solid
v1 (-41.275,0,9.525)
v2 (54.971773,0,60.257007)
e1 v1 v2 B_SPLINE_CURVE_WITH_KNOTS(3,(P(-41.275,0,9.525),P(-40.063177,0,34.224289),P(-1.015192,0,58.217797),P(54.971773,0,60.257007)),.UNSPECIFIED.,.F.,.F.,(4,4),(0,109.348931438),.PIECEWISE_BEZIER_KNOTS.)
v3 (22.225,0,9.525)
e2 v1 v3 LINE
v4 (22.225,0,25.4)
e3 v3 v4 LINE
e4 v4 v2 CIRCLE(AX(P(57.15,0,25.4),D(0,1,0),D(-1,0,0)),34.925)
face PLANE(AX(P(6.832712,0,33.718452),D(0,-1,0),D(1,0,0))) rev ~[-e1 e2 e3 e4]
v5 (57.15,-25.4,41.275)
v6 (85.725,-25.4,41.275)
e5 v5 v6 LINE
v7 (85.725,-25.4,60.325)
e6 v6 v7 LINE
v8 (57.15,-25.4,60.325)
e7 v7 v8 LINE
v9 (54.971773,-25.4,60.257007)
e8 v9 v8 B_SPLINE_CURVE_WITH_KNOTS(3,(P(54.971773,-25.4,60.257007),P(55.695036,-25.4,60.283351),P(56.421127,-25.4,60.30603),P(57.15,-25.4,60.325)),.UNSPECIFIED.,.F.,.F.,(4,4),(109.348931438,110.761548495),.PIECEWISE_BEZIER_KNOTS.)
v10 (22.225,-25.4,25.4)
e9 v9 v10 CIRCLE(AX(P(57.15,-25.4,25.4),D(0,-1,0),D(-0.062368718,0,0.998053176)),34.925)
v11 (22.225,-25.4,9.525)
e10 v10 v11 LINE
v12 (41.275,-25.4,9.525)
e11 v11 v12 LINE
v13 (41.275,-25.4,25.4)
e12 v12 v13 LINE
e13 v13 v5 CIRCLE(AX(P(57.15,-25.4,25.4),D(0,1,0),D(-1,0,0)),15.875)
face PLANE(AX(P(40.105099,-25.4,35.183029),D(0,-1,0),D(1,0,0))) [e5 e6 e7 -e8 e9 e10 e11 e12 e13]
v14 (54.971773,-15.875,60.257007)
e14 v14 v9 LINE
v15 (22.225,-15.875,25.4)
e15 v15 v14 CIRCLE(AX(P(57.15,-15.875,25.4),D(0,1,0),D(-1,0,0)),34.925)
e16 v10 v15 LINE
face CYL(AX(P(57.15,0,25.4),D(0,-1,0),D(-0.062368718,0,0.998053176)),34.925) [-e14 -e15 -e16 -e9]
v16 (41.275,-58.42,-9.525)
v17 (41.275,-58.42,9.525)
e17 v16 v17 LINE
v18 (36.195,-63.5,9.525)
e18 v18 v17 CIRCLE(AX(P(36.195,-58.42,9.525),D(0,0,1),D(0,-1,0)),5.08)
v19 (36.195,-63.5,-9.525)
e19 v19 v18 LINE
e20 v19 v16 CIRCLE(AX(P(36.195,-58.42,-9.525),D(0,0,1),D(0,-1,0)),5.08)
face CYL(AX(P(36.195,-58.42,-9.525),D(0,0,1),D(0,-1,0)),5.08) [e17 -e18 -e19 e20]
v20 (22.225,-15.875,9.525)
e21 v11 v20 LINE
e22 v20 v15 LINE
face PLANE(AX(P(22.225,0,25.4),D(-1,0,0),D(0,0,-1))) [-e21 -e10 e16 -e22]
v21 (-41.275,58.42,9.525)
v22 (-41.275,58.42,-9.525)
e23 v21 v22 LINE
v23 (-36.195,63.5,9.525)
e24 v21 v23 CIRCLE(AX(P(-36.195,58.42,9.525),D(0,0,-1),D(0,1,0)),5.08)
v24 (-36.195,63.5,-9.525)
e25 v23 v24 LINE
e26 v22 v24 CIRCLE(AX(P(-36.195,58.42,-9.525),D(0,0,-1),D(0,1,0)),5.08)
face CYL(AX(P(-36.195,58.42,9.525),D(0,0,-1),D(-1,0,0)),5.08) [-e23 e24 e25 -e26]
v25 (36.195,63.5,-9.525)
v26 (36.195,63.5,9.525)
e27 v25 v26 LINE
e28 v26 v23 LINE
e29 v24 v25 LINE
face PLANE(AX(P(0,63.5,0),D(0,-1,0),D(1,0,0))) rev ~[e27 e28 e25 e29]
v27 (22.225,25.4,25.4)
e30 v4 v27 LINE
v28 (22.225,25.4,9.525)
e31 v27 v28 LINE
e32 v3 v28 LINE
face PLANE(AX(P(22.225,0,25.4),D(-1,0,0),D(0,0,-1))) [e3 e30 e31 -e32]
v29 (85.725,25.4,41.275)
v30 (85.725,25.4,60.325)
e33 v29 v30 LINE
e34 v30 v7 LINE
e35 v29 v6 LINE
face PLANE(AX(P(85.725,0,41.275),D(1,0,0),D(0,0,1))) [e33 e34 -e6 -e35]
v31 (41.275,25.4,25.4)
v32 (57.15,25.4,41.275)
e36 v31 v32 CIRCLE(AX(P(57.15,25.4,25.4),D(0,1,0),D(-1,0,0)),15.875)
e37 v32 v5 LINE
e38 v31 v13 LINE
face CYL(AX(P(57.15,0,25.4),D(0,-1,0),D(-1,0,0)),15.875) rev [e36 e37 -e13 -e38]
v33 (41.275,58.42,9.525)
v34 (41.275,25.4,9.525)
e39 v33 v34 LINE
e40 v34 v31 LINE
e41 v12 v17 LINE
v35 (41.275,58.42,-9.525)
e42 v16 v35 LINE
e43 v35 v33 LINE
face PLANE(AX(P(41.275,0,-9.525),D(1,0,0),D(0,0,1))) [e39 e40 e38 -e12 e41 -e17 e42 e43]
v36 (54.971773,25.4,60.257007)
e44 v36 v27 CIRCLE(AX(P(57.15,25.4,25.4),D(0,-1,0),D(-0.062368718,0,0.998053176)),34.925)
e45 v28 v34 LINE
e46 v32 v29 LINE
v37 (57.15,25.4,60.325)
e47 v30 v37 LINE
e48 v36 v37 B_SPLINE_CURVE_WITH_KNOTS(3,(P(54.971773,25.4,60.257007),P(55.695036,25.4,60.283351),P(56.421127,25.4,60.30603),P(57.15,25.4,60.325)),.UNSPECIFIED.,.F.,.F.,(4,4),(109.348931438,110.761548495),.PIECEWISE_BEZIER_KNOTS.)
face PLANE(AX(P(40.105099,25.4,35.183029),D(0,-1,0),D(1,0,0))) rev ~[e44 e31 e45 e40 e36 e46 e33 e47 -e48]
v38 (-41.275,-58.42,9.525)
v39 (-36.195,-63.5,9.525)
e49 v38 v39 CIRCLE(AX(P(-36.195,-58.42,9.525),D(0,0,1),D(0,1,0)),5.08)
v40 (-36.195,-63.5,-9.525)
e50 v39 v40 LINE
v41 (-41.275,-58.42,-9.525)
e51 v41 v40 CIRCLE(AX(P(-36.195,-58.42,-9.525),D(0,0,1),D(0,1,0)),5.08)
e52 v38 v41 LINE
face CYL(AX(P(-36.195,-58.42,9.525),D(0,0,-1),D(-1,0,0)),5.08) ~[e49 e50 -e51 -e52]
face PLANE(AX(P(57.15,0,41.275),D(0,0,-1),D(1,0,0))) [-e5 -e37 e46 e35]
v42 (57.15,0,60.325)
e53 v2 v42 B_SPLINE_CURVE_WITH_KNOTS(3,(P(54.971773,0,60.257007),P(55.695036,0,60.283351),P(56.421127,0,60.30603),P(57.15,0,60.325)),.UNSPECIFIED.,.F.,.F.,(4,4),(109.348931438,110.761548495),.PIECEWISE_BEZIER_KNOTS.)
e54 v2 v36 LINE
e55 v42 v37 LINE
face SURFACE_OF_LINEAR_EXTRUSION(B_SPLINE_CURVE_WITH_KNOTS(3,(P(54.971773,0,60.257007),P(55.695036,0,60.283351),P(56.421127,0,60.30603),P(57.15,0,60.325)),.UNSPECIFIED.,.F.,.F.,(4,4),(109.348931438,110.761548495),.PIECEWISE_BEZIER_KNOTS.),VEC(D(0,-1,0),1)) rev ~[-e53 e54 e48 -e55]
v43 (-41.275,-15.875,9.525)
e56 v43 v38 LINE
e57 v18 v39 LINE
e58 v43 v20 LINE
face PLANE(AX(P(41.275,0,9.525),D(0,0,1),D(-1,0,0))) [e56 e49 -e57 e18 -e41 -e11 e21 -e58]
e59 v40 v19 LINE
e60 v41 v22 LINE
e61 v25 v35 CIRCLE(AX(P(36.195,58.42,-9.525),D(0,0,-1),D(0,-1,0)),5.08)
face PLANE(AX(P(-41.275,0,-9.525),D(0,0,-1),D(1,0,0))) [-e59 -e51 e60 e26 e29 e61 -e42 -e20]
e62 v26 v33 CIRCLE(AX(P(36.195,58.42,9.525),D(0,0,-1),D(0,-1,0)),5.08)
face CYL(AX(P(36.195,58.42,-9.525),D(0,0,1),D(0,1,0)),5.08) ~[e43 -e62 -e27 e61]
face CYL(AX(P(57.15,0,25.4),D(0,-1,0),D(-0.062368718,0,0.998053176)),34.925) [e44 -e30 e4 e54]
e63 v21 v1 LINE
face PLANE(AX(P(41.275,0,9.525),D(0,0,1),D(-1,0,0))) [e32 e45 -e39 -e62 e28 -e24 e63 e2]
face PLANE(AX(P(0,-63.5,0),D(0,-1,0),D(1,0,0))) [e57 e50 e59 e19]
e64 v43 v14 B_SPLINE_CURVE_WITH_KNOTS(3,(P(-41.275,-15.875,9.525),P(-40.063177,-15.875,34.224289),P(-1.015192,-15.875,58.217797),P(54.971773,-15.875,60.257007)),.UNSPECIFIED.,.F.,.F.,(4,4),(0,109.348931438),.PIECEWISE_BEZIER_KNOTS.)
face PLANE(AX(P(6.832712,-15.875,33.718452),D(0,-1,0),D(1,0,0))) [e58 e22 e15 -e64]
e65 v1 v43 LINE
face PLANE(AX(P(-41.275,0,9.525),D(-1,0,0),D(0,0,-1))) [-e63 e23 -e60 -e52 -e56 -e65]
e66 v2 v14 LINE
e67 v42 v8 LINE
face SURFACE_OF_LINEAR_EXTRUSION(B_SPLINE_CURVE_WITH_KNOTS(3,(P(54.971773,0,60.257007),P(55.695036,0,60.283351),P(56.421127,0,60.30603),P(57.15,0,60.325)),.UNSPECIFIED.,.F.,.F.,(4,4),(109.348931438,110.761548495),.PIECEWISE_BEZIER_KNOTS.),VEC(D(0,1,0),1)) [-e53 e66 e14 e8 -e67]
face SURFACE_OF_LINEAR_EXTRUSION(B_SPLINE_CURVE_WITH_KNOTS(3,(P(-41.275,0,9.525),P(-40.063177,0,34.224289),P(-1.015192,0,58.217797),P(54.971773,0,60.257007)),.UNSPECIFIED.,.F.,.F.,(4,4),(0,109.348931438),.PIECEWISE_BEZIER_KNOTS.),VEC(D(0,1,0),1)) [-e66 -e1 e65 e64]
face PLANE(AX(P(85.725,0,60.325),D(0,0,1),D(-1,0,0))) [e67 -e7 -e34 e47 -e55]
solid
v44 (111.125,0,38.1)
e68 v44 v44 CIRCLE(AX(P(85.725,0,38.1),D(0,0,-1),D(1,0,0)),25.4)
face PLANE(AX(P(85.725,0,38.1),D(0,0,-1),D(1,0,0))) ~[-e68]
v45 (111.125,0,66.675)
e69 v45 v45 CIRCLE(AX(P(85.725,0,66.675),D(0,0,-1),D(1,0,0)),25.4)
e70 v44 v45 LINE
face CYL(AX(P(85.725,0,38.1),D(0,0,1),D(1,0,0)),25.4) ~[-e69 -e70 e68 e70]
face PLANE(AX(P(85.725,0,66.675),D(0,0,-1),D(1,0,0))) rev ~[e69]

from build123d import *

# Parameters (mm, degrees)
F1_DEPTH = 63.5
F0_W     = 25.4
F0_H     = 19.05
F2_DEPTH = 25.4
F3_DEPTH = 15.875
F5_R     = 5.08


with BuildPart() as f1:
    # F0 (on Front) → F1 (new body, symmetric)
    with BuildSketch(Plane.XZ):
        Polygon((41.275, -9.525), (41.275, 9.525), (22.225, 9.525), (-41.275, 9.525), (-41.275, -9.525), align=None)
    extrude(amount=F1_DEPTH, both=True)

    # F0 (on Front) → F2 (join, symmetric)
    with BuildSketch(Plane.XZ):
        with BuildLine():
            Line((22.225, 9.525), (41.275, 9.525))
            Line((41.275, 9.525), (41.275, 25.4))
            ThreePointArc((41.275, 25.4), (45.9246798487, 36.6253201513), (57.15, 41.275))
            Line((57.15, 41.275), (60.325, 41.275))
            Line((60.325, 41.275), (60.325, 60.325))
            Line((60.325, 60.325), (57.15, 60.325))
            add(Edge.make_bspline(
                [(54.9717725402, 60.2570071884), (55.6950364998, 60.2833505929), (56.4211273371, 60.3060301334), (57.15, 60.325)],
                knots=[109.3489314382, 109.3489314382, 109.3489314382, 109.3489314382, 110.761548495, 110.761548495, 110.761548495, 110.761548495], degree=3))
            ThreePointArc((54.9717725402, 60.2570071884), (31.6958233385, 49.3131870624), (22.225, 25.4))
            Line((22.225, 25.4), (22.225, 9.525))
        make_face()
        with Locations((73.025, 50.8)):
            Rectangle(F0_W, F0_H)
    extrude(amount=F2_DEPTH, both=True)

    # F0 (on Front) → F3 (join)
    with BuildSketch(Plane.XZ):
        with BuildLine():
            Line((-41.275, 9.525), (22.225, 9.525))
            Line((22.225, 9.525), (22.225, 25.4))
            ThreePointArc((22.225, 25.4), (31.6958233385, 49.3131870624), (54.9717725402, 60.2570071884))
            add(Edge.make_bspline(
                [(-41.275, 9.525), (-40.0631774846, 34.224289081), (-1.0151920435, 58.2177969706), (54.9717725402, 60.2570071884)],
                knots=[0, 0, 0, 0, 109.3489314382, 109.3489314382, 109.3489314382, 109.3489314382], degree=3))
        make_face()
    extrude(amount=F3_DEPTH)

    # F5
    f5_edges = [f1.edges().sort_by_distance(p)[0] for p in [
        (41.275, -63.5, 0),
        (-41.275, -63.5, 0),
        (41.275, 63.5, 0),
        (-41.275, 63.5, 0),
    ]]
    fillet(f5_edges, radius=F5_R)


with BuildPart() as f4:
    # F0 (on Front) → F4 (revolve)
    with BuildSketch(Plane.XZ):
        Polygon((85.725, 60.325), (85.725, 41.275), (85.725, 38.1), (111.125, 38.1), (111.125, 66.675), (85.725, 66.675), align=None)
    revolve(axis=Axis((85.725, 0, 50.8), (0, 0, -1)))


solid = Compound([f1.part, f4.part])
